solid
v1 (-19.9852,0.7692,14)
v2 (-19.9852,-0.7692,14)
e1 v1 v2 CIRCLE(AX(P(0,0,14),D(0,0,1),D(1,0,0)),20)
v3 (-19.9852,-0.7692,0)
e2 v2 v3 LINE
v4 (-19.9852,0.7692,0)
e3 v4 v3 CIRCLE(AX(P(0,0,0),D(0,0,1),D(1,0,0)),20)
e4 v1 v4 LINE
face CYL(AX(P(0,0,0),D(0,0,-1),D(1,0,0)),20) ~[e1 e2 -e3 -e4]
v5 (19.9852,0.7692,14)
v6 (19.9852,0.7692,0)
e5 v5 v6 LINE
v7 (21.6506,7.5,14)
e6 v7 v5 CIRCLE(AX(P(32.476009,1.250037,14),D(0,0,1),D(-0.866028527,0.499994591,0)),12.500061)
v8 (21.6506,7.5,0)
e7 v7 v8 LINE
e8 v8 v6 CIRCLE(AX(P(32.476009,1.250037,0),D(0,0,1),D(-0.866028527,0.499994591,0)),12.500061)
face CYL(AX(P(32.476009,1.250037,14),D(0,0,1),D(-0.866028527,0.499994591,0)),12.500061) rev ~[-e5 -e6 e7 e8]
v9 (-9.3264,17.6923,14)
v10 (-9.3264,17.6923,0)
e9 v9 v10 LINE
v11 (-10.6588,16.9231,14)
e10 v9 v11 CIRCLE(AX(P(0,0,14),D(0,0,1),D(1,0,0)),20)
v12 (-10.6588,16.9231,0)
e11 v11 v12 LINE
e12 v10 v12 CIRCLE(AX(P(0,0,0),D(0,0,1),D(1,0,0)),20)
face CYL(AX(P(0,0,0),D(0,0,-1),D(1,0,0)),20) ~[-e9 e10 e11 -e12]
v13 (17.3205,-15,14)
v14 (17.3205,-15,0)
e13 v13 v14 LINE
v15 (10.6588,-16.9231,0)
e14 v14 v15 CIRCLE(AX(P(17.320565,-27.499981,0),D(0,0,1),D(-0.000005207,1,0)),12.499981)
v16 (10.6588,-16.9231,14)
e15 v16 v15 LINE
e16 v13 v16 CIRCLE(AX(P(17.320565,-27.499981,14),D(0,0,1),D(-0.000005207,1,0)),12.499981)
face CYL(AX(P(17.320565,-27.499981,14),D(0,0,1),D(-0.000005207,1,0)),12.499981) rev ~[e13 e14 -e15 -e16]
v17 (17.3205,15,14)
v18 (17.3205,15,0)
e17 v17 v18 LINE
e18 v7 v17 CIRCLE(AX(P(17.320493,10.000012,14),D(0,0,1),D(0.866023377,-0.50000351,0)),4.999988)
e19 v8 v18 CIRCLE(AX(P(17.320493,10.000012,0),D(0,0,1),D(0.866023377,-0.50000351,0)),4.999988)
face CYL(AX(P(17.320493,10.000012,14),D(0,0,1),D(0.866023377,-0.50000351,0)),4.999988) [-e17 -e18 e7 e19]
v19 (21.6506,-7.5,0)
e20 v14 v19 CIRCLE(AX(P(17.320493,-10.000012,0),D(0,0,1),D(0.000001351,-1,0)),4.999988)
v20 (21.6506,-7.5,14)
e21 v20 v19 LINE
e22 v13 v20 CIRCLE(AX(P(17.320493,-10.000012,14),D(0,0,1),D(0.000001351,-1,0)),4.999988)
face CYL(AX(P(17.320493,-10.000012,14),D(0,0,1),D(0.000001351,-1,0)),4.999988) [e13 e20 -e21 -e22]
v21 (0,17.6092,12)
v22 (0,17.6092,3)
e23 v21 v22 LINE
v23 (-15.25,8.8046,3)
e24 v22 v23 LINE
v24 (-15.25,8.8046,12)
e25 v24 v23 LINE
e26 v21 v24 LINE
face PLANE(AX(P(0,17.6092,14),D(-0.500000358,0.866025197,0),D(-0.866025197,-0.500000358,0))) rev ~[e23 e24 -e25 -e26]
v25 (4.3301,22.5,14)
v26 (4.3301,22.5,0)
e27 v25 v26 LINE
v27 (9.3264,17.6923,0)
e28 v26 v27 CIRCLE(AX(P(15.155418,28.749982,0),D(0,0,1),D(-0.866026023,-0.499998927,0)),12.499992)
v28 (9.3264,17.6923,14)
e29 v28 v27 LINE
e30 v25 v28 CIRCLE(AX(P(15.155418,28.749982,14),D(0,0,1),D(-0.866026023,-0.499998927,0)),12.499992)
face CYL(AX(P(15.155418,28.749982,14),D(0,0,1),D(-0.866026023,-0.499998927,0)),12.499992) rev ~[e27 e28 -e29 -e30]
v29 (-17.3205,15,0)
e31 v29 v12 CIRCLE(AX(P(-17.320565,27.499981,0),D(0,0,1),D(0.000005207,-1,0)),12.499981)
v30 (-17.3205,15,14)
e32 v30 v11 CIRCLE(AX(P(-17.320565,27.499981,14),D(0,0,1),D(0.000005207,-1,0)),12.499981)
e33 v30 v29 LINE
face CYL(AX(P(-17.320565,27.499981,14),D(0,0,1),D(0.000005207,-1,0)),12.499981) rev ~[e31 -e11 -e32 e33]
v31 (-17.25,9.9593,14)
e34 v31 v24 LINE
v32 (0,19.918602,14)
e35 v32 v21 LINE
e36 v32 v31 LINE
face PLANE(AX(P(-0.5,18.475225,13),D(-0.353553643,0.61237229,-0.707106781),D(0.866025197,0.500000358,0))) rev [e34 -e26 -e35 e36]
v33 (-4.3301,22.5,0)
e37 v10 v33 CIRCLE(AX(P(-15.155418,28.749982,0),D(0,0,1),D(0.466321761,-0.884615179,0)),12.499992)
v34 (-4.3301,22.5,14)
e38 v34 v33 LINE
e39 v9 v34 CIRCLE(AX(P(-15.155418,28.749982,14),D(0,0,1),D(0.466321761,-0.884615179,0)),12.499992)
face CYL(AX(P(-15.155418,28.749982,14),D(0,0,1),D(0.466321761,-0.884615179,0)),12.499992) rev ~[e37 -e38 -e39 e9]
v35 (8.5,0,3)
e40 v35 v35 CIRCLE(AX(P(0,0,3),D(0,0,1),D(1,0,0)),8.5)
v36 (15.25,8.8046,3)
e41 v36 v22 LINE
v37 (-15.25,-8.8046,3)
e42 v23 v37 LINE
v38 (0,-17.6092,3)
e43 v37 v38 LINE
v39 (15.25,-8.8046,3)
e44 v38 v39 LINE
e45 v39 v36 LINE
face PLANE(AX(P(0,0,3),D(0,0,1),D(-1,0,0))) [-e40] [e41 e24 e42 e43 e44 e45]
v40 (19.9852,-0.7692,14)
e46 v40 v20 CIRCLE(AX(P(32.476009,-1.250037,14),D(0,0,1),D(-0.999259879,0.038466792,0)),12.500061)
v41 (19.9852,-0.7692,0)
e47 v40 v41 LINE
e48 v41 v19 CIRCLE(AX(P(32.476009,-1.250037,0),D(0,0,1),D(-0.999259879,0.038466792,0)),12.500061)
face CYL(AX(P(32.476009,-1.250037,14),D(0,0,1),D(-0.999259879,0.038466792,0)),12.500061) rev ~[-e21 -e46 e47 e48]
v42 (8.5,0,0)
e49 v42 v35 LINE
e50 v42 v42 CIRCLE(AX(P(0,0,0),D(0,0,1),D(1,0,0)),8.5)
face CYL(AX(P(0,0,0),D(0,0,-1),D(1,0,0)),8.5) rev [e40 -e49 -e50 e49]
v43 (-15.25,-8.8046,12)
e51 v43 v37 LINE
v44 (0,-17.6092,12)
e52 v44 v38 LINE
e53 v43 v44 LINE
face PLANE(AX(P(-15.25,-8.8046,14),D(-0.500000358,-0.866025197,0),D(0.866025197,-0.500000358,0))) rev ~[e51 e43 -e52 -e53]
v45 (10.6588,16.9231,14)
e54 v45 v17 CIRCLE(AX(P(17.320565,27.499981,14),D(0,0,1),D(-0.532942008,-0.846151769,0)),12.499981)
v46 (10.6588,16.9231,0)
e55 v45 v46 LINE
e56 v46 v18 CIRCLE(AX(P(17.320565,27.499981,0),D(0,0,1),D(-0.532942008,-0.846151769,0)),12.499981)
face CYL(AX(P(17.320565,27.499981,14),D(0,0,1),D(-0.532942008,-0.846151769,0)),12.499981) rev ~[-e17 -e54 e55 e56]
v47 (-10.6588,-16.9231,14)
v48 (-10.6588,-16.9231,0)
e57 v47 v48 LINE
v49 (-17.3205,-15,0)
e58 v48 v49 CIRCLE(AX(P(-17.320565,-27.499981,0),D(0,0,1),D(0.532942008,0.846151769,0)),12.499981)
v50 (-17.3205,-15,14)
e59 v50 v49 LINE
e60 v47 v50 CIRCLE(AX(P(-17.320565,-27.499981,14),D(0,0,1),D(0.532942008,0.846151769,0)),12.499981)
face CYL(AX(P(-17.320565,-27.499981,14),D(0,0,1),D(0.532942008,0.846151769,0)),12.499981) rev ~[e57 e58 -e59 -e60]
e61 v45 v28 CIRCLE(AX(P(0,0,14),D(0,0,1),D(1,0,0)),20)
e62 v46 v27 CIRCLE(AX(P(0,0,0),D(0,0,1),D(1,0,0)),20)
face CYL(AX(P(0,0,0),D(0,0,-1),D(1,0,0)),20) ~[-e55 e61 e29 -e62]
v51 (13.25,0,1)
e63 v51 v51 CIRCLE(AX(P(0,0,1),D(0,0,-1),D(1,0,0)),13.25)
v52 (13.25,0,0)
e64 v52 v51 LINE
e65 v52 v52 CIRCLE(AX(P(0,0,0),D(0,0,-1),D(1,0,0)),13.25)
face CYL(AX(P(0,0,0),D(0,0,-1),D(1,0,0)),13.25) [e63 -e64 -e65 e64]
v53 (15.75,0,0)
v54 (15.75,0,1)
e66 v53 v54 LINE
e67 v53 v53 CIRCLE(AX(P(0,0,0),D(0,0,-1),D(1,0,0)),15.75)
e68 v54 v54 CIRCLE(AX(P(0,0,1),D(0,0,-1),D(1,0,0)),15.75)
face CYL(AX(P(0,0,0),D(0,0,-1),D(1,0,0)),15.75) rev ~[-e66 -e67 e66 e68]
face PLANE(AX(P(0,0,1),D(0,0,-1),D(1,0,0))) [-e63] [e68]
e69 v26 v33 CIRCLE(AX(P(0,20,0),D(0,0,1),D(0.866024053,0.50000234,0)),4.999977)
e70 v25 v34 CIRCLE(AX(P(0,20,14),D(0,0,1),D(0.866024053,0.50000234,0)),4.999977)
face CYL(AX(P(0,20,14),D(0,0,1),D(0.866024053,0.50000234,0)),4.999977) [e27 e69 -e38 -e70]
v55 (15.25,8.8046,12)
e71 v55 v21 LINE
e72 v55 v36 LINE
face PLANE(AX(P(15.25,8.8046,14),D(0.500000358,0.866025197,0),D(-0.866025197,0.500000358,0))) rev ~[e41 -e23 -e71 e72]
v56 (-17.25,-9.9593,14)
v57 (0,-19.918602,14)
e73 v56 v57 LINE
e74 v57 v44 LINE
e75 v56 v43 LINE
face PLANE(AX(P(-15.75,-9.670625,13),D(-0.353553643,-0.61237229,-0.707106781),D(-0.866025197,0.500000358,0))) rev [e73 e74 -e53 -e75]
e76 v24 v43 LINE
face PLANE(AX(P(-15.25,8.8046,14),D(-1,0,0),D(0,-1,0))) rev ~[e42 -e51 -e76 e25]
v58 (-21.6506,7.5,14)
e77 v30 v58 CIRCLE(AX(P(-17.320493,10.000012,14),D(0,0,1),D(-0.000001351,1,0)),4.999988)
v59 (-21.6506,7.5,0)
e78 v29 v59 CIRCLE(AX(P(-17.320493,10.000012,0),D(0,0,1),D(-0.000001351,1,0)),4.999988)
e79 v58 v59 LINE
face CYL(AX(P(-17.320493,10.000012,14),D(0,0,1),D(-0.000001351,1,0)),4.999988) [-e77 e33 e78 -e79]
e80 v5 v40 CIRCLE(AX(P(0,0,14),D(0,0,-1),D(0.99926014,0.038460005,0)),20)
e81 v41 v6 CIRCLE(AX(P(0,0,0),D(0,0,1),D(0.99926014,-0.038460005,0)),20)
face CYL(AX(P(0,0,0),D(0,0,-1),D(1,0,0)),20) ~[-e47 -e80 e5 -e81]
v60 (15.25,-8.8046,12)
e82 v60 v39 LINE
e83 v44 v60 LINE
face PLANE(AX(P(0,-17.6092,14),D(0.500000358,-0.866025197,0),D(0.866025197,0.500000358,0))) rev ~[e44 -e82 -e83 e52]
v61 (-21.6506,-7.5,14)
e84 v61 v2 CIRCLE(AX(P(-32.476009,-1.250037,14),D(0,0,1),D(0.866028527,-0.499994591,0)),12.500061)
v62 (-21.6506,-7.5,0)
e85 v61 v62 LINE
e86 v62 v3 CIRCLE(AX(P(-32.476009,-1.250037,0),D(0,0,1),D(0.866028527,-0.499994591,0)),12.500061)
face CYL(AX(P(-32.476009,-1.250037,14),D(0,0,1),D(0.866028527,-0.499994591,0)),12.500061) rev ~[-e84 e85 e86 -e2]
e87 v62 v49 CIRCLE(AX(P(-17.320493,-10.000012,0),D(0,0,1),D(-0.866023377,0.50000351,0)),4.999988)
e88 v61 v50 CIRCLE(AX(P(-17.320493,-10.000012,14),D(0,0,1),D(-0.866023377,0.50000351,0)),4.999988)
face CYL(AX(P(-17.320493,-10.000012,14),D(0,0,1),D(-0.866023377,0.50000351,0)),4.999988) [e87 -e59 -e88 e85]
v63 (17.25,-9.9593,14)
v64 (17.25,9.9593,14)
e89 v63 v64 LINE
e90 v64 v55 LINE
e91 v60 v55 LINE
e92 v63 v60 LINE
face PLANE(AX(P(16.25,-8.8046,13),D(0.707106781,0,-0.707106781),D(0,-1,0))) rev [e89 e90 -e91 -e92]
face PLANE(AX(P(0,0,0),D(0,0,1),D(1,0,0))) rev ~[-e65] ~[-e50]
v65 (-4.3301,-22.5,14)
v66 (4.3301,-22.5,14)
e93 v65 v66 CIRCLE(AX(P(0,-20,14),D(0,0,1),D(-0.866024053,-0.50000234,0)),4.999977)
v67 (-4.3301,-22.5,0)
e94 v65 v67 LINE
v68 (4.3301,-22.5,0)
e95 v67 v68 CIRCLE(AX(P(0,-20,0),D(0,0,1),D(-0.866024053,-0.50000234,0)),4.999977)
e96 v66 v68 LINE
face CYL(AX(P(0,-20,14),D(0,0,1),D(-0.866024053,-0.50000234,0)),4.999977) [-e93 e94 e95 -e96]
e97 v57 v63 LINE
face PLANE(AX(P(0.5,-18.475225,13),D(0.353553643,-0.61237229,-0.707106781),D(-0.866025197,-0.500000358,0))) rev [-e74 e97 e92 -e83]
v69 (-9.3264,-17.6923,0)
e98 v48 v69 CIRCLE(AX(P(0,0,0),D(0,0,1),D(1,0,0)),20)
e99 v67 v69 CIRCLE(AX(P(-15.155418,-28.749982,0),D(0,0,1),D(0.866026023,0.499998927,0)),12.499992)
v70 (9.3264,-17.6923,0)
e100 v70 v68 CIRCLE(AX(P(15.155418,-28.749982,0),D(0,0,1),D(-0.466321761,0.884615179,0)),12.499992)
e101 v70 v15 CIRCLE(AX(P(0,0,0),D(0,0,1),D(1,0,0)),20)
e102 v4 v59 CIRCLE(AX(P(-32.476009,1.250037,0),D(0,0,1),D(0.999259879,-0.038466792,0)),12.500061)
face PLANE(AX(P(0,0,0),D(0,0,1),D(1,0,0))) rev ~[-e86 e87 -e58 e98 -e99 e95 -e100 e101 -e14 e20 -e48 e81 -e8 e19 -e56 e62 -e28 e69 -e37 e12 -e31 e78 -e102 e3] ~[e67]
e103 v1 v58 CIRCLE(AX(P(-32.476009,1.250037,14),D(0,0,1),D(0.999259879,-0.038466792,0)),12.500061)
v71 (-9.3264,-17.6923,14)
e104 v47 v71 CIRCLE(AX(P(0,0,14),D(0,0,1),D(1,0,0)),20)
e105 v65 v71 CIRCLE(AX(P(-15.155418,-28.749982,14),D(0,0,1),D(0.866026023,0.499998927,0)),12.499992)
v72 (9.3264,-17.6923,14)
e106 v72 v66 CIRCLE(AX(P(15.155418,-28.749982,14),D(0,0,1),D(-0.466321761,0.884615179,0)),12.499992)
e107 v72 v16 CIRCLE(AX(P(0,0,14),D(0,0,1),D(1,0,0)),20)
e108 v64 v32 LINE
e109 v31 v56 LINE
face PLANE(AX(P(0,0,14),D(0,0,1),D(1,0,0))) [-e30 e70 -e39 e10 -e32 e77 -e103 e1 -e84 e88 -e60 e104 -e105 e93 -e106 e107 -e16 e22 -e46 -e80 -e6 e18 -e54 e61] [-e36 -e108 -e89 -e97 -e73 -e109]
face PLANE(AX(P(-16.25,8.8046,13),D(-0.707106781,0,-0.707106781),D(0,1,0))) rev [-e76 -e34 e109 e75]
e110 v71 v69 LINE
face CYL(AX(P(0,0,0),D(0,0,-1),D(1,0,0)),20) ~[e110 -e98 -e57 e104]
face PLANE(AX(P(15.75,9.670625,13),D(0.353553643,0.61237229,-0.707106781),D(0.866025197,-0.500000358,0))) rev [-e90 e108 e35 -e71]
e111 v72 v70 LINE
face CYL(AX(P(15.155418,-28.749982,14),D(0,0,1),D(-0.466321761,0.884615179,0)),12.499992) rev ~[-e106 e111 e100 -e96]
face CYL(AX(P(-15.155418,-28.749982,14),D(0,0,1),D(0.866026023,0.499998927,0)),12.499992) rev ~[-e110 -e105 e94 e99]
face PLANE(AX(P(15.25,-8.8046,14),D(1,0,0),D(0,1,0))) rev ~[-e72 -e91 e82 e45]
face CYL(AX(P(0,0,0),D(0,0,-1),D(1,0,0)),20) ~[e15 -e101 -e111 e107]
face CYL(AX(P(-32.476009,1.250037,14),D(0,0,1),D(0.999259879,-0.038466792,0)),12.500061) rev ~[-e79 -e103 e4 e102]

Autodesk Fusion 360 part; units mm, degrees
sketch "Sketch1" plane through (0, 0, 0) normal (0, 0, 1) x (1, 0, 0)
  circle A0 centre (0, 0) radius 8.5
  circle A1 centre (0, 0) radius 20
  dimension "d1" = 17
  dimension "d2" = 40
extrude "Extrude1" add sketch "Sketch1" along normal blind 14
sketch "Sketch2" plane through (0, 0, 14) normal (0, 0, 1) x (-1, 0, 0)
  circle A0 centre (0, 0) radius 8.5
  circle A1 centre (0, 0) radius 20
  line L0 (-15.25, -8.8046) -> (0, -17.6092)
  line L1 (0, -17.6092) -> (15.25, -8.8046)
  line L2 (15.25, -8.8046) -> (15.25, 8.8046)
  line L3 (15.25, 8.8046) -> (0, 17.6092)
  line L4 (0, 17.6092) -> (-15.25, 8.8046)
  line L5 (-15.25, 8.8046) -> (-15.25, -8.8046)
  line L6 (0, 0) -> (0, -24.7489) construction
  dimension "d5" = 15.25
extrude "Extrude2" cut sketch "Sketch2" against normal blind 11 contours L0 L1 L2 L3 L4 L5
sketch "Sketch3" plane through (0, 0, 14) normal (0, 0, 1) x (-1, 0, 0)
  line L0 (0, -17.6092) -> (-15.25, -8.8046)
  line L1 (-15.25, -8.8046) -> (-15.25, 8.8046)
  line L2 (-15.25, 8.8046) -> (0, 17.6092)
  line L3 (0, 17.6092) -> (15.25, 8.8046)
  line L4 (15.25, 8.8046) -> (15.25, -8.8046)
  line L5 (15.25, -8.8046) -> (0, -17.6092)
  circle A0 centre (0, 0) radius 20
  line L6 (0, -20) -> (0, 20) construction
  line L7 (20, 0) -> (-20, 0) construction
  arc A1 (-4.3301, -22.5) -> (4.3301, -22.5) centre (0, -20) ccw
  line L8 (0, -20) -> (0, -25) construction
  line L9 (0, -20) -> (4.3301, -22.5) construction
  line L10 (0, -20) -> (-4.3301, -22.5) construction
  arc A2 (9.3264, -17.6923) -> (4.3301, -22.5) centre (15.1554, -28.75) ccw
  arc A3 (-4.3301, -22.5) -> (-9.3264, -17.6923) centre (-15.1554, -28.75) ccw
  arc A4 (-9.3264, -17.6923) -> (9.3264, -17.6923) centre (0, 0) ccw
  arc A5 (17.3205, -15) -> (21.6506, -7.5) centre (17.3205, -10) ccw
  arc A6 (17.3205, -15) -> (10.6588, -16.9231) centre (17.3205, -27.5) ccw
  arc A7 (10.6588, -16.9231) -> (19.9852, -0.7692) centre (0, 0) ccw
  arc A8 (19.9852, -0.7692) -> (21.6506, -7.5) centre (32.476, -1.25) ccw
  arc A9 (21.6506, 7.5) -> (17.3205, 15) centre (17.3205, 10) ccw
  arc A10 (21.6506, 7.5) -> (19.9852, 0.7692) centre (32.476, 1.25) ccw
  arc A11 (19.9852, 0.7692) -> (10.6588, 16.9231) centre (0, 0) ccw
  arc A12 (10.6588, 16.9231) -> (17.3205, 15) centre (17.3205, 27.5) ccw
  arc A13 (4.3301, 22.5) -> (-4.3301, 22.5) centre (0, 20) ccw
  arc A14 (4.3301, 22.5) -> (9.3264, 17.6923) centre (15.1554, 28.75) ccw
  arc A15 (9.3264, 17.6923) -> (-9.3264, 17.6923) centre (0, 0) ccw
  arc A16 (-9.3264, 17.6923) -> (-4.3301, 22.5) centre (-15.1554, 28.75) ccw
  arc A17 (-17.3205, 15) -> (-21.6506, 7.5) centre (-17.3205, 10) ccw
  arc A18 (-17.3205, 15) -> (-10.6588, 16.9231) centre (-17.3205, 27.5) ccw
  arc A19 (-10.6588, 16.9231) -> (-19.9852, 0.7692) centre (0, 0) ccw
  arc A20 (-19.9852, 0.7692) -> (-21.6506, 7.5) centre (-32.476, 1.25) ccw
  arc A21 (-21.6506, -7.5) -> (-17.3205, -15) centre (-17.3205, -10) ccw
  arc A22 (-21.6506, -7.5) -> (-19.9852, -0.7692) centre (-32.476, -1.25) ccw
  arc A23 (-19.9852, -0.7692) -> (-10.6588, -16.9231) centre (0, 0) ccw
  arc A24 (-10.6588, -16.9231) -> (-17.3205, -15) centre (-17.3205, -27.5) ccw
  dimension "d10" = 60
  dimension "d11" = 60
  dimension "d12" = 5
  dimension "d14" = 360
extrude "Extrude3" add sketch "Sketch3" against normal up to surface (14 mm away) contours A0 A9 A10 A11 A12 | A0 A5 A6 A7 A8 | A0 A13 A14 A15 A16 | A0 A1 A2 A3 A4 | A0 A17 A18 A19 A20 | A0 A21 A22 A23 A24
chamfer "Chamfer1" distance 2 angle 45 6 edges at (-7.625, 13.2069, 14) (-15.25, 0, 14) (-7.625, -13.2069, 14) (7.625, -13.2069, 14) (15.25, 0, 14) (7.625, 13.2069, 14)
sketch "Sketch4" plane through (0, 0, 0) normal (0, 0, -1) x (1, 0, 0)
  circle A0 centre (0, 0) radius 8.5
  arc A1 (-9.3264, 17.6923) -> (-10.6588, 16.9231) centre (0, 0) ccw
  arc A2 (-17.3205, 15) -> (-10.6588, 16.9231) centre (-17.3205, 27.5) ccw
  arc A3 (-17.3205, 15) -> (-21.6506, 7.5) centre (-17.3205, 10) ccw
  arc A4 (-19.9852, 0.7692) -> (-21.6506, 7.5) centre (-32.476, 1.25) ccw
  arc A5 (-19.9852, 0.7692) -> (-19.9852, -0.7692) centre (0, 0) ccw
  arc A6 (-21.6506, -7.5) -> (-19.9852, -0.7692) centre (-32.476, -1.25) ccw
  arc A7 (-21.6506, -7.5) -> (-17.3205, -15) centre (-17.3205, -10) ccw
  arc A8 (-10.6588, -16.9231) -> (-17.3205, -15) centre (-17.3205, -27.5) ccw
  arc A9 (-10.6588, -16.9231) -> (-9.3264, -17.6923) centre (0, 0) ccw
  arc A10 (-4.3301, -22.5) -> (-9.3264, -17.6923) centre (-15.1554, -28.75) ccw
  arc A11 (-4.3301, -22.5) -> (4.3301, -22.5) centre (0, -20) ccw
  arc A12 (9.3264, -17.6923) -> (4.3301, -22.5) centre (15.1554, -28.75) ccw
  arc A13 (9.3264, -17.6923) -> (10.6588, -16.9231) centre (0, 0) ccw
  arc A14 (17.3205, -15) -> (10.6588, -16.9231) centre (17.3205, -27.5) ccw
  arc A15 (17.3205, -15) -> (21.6506, -7.5) centre (17.3205, -10) ccw
  arc A16 (19.9852, -0.7692) -> (21.6506, -7.5) centre (32.476, -1.25) ccw
  arc A17 (19.9852, -0.7692) -> (19.9852, 0.7692) centre (0, 0) ccw
  arc A18 (21.6506, 7.5) -> (19.9852, 0.7692) centre (32.476, 1.25) ccw
  arc A19 (21.6506, 7.5) -> (17.3205, 15) centre (17.3205, 10) ccw
  arc A20 (10.6588, 16.9231) -> (17.3205, 15) centre (17.3205, 27.5) ccw
  arc A21 (10.6588, 16.9231) -> (9.3264, 17.6923) centre (0, 0) ccw
  arc A22 (4.3301, 22.5) -> (9.3264, 17.6923) centre (15.1554, 28.75) ccw
  arc A23 (4.3301, 22.5) -> (-4.3301, 22.5) centre (0, 20) ccw
  arc A24 (-9.3264, 17.6923) -> (-4.3301, 22.5) centre (-15.1554, 28.75) ccw
  circle A25 centre (0, 0) radius 13.25
  circle A26 centre (0, 0) radius 15.75
  dimension "d18" = 26.5
  dimension "d19" = 31.5
extrude "Extrude4" cut sketch "Sketch4" against normal blind 1 contours A26
equation "d11 = d10"
